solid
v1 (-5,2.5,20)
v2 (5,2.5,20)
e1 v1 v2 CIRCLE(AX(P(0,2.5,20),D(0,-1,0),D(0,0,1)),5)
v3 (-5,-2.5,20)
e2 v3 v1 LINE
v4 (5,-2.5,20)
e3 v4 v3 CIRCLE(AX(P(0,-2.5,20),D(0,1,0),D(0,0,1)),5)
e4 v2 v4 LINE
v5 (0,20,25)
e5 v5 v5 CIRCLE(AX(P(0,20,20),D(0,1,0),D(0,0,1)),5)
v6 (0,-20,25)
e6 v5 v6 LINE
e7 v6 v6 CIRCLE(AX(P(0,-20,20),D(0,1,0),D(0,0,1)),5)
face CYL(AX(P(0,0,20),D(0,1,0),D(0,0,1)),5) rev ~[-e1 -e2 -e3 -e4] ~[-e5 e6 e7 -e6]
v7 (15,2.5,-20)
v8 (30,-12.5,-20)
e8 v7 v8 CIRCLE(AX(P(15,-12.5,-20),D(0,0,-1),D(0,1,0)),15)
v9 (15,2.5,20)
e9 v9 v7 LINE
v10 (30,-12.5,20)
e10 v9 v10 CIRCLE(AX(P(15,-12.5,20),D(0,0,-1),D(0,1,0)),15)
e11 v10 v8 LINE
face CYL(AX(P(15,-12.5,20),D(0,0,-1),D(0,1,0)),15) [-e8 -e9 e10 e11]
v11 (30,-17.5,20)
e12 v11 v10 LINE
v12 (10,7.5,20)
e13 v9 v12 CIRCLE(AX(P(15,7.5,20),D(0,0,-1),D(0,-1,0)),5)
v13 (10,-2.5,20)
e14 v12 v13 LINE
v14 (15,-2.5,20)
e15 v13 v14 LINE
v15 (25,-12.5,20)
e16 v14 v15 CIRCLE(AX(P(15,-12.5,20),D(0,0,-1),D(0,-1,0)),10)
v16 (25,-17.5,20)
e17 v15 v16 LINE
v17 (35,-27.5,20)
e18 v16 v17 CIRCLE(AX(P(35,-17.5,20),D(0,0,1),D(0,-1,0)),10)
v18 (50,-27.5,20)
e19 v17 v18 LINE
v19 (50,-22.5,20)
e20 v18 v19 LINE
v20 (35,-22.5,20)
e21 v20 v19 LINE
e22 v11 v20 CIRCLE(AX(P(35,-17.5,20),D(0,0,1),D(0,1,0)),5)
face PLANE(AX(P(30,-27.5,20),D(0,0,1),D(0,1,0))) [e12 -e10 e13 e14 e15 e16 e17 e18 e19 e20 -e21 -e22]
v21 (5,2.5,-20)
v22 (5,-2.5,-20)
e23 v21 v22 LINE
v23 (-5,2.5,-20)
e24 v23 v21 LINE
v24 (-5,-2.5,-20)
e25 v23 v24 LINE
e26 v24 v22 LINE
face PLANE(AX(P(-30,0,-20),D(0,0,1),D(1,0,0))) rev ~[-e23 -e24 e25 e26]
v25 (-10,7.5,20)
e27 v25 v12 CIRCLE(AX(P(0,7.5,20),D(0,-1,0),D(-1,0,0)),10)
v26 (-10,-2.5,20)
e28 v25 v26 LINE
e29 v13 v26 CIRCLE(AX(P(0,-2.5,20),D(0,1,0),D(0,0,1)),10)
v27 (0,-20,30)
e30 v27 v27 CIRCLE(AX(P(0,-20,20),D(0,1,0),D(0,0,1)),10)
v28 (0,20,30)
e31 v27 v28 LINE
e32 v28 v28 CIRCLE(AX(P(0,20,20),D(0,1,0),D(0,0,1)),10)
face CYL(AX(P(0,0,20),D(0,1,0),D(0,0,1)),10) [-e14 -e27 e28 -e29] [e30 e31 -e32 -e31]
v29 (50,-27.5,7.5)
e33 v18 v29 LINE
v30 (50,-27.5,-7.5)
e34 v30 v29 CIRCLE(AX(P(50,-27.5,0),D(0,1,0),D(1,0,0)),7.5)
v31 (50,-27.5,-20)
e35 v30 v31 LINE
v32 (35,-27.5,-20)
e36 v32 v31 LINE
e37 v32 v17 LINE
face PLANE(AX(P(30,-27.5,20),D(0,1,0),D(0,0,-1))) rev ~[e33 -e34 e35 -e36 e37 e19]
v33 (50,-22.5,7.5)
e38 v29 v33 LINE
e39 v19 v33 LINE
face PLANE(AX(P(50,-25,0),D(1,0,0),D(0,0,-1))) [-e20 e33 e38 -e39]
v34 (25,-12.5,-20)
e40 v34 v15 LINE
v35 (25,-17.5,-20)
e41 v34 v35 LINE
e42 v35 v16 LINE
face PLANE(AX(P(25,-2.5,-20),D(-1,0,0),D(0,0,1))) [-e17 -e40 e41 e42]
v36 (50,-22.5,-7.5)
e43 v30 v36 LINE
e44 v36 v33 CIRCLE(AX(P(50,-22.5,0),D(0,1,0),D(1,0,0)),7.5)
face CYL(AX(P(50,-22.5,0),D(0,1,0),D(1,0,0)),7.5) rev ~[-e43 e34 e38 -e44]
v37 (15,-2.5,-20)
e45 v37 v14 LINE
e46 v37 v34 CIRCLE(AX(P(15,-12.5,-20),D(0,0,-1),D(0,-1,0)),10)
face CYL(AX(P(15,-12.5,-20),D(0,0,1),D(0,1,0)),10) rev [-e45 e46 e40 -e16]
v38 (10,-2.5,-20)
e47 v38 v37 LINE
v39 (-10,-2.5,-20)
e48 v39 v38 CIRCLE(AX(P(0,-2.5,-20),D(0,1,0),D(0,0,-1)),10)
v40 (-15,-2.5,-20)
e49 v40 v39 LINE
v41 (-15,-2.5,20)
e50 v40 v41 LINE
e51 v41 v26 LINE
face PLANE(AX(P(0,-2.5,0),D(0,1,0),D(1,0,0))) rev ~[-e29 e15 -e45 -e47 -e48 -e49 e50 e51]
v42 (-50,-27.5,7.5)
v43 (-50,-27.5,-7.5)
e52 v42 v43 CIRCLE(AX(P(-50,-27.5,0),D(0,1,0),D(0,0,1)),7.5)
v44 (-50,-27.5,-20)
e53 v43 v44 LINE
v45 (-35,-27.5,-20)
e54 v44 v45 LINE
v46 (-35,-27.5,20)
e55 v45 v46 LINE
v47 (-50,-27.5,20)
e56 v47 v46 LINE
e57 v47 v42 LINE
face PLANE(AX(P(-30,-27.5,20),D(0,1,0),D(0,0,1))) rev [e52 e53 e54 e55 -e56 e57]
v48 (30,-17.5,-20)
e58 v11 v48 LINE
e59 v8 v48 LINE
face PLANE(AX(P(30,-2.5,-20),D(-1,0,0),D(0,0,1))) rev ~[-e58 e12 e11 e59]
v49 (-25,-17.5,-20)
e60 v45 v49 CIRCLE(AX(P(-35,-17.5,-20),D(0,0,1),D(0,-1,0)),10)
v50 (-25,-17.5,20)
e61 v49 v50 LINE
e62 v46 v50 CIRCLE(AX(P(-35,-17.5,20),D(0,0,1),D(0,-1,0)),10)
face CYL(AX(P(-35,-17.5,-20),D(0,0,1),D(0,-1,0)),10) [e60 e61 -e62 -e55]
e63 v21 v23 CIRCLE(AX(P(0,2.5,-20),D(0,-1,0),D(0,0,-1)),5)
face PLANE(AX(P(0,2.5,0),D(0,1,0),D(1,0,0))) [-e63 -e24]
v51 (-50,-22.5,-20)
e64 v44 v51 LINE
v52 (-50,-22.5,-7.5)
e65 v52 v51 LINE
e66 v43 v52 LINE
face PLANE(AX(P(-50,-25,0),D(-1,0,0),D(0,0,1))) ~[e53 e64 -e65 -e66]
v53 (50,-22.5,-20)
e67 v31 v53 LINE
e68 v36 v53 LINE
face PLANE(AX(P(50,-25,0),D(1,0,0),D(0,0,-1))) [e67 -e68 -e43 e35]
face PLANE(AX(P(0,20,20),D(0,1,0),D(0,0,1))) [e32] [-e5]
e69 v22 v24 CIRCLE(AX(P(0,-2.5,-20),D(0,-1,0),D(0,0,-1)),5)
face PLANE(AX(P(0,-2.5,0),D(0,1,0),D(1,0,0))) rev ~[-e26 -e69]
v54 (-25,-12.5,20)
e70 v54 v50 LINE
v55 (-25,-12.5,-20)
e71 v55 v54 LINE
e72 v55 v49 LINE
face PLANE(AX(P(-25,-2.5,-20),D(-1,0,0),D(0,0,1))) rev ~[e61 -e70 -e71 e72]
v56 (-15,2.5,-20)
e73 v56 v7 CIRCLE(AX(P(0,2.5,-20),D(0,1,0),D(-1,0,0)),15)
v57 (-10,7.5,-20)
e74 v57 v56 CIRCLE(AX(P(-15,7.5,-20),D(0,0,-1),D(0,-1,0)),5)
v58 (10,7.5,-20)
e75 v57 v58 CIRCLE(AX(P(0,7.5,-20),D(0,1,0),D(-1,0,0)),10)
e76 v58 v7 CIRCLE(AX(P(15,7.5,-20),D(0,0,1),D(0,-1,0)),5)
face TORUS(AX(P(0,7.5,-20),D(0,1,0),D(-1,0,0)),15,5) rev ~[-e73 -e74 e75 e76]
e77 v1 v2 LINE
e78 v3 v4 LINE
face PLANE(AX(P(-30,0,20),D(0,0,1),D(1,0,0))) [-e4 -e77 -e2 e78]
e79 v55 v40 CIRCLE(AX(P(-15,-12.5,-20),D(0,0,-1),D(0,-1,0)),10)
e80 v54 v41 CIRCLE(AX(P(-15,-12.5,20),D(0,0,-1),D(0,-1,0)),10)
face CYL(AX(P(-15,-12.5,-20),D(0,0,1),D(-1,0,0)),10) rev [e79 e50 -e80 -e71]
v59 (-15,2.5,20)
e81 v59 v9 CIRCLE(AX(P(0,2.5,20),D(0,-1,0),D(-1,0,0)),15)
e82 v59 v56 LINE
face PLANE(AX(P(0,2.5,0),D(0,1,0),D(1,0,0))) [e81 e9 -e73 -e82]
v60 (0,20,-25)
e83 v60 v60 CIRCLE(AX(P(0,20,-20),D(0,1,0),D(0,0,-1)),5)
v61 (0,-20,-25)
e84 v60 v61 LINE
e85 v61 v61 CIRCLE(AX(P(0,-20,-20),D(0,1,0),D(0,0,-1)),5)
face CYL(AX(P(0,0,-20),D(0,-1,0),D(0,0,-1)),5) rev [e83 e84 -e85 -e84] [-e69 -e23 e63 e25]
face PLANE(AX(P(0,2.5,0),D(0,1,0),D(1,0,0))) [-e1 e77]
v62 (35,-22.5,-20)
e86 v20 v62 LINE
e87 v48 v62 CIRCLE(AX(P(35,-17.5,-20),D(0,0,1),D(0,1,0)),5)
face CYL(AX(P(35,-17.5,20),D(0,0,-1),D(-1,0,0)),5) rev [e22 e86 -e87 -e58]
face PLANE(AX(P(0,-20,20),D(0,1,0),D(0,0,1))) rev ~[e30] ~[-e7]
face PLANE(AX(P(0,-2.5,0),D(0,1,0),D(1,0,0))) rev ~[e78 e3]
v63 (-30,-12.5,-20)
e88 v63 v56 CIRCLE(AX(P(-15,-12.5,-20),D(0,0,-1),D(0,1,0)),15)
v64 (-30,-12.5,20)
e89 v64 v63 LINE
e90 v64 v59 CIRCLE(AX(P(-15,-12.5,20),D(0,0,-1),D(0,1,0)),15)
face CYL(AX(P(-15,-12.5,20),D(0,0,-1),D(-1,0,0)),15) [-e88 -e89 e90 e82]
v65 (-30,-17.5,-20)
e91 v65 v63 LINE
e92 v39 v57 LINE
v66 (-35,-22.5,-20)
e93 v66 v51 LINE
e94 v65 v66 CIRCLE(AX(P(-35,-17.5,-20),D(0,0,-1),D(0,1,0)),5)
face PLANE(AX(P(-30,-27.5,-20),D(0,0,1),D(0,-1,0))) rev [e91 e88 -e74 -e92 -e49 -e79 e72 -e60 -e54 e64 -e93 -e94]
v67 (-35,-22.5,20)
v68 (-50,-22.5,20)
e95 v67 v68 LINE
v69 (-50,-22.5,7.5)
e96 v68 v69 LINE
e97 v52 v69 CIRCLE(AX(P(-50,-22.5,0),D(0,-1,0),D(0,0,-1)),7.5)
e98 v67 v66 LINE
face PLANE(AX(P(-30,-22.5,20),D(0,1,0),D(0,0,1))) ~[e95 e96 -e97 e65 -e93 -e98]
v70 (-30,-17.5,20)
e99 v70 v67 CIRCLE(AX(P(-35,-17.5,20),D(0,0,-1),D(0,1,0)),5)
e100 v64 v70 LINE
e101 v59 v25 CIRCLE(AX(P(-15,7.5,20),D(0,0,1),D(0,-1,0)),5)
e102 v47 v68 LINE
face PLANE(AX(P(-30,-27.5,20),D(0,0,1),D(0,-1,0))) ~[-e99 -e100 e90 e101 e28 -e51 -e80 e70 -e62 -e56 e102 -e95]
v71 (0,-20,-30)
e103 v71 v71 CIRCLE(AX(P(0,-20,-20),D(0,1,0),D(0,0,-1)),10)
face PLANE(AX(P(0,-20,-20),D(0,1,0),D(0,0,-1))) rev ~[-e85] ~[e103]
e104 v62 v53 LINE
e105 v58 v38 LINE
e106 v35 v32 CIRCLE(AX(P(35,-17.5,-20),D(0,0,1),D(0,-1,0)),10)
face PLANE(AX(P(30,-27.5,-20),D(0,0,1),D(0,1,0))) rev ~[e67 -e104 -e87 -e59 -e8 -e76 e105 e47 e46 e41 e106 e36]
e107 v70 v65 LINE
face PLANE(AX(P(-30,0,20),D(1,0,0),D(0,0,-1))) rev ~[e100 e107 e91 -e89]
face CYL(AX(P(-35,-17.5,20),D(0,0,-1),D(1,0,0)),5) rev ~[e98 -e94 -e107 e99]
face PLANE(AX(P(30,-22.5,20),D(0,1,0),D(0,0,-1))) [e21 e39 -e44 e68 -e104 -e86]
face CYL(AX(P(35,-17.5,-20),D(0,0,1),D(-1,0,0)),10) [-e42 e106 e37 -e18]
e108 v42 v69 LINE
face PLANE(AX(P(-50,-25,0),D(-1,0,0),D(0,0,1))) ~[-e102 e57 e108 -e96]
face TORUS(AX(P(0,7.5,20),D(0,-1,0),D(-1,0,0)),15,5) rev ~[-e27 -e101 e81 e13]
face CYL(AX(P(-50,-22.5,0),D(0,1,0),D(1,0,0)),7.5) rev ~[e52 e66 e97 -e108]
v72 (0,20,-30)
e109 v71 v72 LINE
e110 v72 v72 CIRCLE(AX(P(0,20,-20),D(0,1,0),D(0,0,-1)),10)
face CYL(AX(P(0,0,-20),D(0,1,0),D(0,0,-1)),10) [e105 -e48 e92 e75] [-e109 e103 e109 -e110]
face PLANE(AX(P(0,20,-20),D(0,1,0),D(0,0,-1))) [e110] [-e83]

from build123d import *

# Parameters (mm, degrees)
SKETCH1_W           = 60
SKETCH1_H           = 40
BOSS_EXTRUDE3_DEPTH = 2.5
SKETCH3_R           = 10
SKETCH3_R_2         = 5
BOSS_EXTRUDE4_DEPTH = 20
FILLET7_R           = 5
SKETCH4_W           = 5
SKETCH4_H           = 40
BOSS_EXTRUDE6_DEPTH = 25
SKETCH5_W           = 40
SKETCH5_H           = 5
BOSS_EXTRUDE7_DEPTH = 20
FILLET8_R           = 5
FILLET9_R           = 10
FILLET10_R          = 15
SKETCH6_R           = 7.5
CUT_EXTRUDE1_DEPTH  = 20


with BuildPart() as part:
    # Sketch1 → Boss-Extrude3 (new, symmetric)
    with BuildSketch(Plane(origin=(0, 0, 0), x_dir=(1, 0, 0), z_dir=(0, 1, 0))):
        Rectangle(SKETCH1_W, SKETCH1_H)
    extrude(amount=BOSS_EXTRUDE3_DEPTH, both=True)

    # Sketch3 → Boss-Extrude4 (add, symmetric)
    with BuildSketch(Plane(origin=(0, 0, 0), x_dir=(1, 0, 0), z_dir=(0, 1, 0))):
        with Locations(Location((0, -20, 0), (0, 0, 270))):
            Circle(SKETCH3_R)
        with Locations(Location((0, -20, 0), (0, 0, 270))):
            Circle(SKETCH3_R_2, mode=Mode.SUBTRACT)
        with Locations(Location((0, 20, 0), (0, 0, 90))):
            Circle(SKETCH3_R)
        with Locations(Location((0, 20, 0), (0, 0, 90))):
            Circle(SKETCH3_R_2, mode=Mode.SUBTRACT)
    extrude(amount=BOSS_EXTRUDE4_DEPTH, both=True)

    # Fillet7
    fillet7_edges = [part.edges().sort_by_distance(p)[0] for p in [
        (0, 2.5, 10),
        (0, 2.5, -10),
    ]]
    fillet(fillet7_edges, radius=FILLET7_R)

    # Sketch4 → Boss-Extrude6 (add)
    with BuildSketch(Plane.XZ.offset(2.5)):
        with Locations((27.5, 0)):
            Rectangle(SKETCH4_W, SKETCH4_H)
        with Locations((-27.5, 0)):
            Rectangle(SKETCH4_W, SKETCH4_H)
    extrude(amount=BOSS_EXTRUDE6_DEPTH)

    # Sketch5 → Boss-Extrude7 (add)
    with BuildSketch(Plane(origin=(30, 0, 0), x_dir=(0, 0, -1), z_dir=(1, 0, 0))):
        with Locations((0, -25)):
            Rectangle(SKETCH5_W, SKETCH5_H)
    boss_extrude7 = extrude(amount=BOSS_EXTRUDE7_DEPTH)

    # Mirror1: Boss-Extrude7 across plane
    add(boss_extrude7.mirror(Plane(origin=(0, 0, 0), x_dir=(0, 0, 1), z_dir=(1, 0, 0))))

    # Fillet8
    fillet8_edges = [part.edges().sort_by_distance(p)[0] for p in [
        (30, -22.5, 0),
        (-30, -22.5, 0),
    ]]
    fillet(fillet8_edges, radius=FILLET8_R)

    # Fillet9
    fillet9_edges = [part.edges().sort_by_distance(p)[0] for p in [
        (25, -2.5, 0),
        (25, -27.5, 0),
        (-25, -2.5, 0),
        (-25, -27.5, 0),
    ]]
    fillet(fillet9_edges, radius=FILLET9_R)

    # Fillet10
    fillet10_edges = [part.edges().sort_by_distance(p)[0] for p in [
        (30, 2.5, 0),
        (-30, 2.5, 0),
    ]]
    fillet(fillet10_edges, radius=FILLET10_R)

    # Sketch6 → Cut-Extrude1 (cut)
    with BuildSketch(Plane(origin=(0, -22.5, 0), x_dir=(1, 0, 0), z_dir=(0, 1, 0))):
        with Locations((50, 0)):
            Circle(SKETCH6_R)
        with Locations((-50, 0)):
            Circle(SKETCH6_R)
    extrude(amount=-CUT_EXTRUDE1_DEPTH, mode=Mode.SUBTRACT)


solid = part.part
